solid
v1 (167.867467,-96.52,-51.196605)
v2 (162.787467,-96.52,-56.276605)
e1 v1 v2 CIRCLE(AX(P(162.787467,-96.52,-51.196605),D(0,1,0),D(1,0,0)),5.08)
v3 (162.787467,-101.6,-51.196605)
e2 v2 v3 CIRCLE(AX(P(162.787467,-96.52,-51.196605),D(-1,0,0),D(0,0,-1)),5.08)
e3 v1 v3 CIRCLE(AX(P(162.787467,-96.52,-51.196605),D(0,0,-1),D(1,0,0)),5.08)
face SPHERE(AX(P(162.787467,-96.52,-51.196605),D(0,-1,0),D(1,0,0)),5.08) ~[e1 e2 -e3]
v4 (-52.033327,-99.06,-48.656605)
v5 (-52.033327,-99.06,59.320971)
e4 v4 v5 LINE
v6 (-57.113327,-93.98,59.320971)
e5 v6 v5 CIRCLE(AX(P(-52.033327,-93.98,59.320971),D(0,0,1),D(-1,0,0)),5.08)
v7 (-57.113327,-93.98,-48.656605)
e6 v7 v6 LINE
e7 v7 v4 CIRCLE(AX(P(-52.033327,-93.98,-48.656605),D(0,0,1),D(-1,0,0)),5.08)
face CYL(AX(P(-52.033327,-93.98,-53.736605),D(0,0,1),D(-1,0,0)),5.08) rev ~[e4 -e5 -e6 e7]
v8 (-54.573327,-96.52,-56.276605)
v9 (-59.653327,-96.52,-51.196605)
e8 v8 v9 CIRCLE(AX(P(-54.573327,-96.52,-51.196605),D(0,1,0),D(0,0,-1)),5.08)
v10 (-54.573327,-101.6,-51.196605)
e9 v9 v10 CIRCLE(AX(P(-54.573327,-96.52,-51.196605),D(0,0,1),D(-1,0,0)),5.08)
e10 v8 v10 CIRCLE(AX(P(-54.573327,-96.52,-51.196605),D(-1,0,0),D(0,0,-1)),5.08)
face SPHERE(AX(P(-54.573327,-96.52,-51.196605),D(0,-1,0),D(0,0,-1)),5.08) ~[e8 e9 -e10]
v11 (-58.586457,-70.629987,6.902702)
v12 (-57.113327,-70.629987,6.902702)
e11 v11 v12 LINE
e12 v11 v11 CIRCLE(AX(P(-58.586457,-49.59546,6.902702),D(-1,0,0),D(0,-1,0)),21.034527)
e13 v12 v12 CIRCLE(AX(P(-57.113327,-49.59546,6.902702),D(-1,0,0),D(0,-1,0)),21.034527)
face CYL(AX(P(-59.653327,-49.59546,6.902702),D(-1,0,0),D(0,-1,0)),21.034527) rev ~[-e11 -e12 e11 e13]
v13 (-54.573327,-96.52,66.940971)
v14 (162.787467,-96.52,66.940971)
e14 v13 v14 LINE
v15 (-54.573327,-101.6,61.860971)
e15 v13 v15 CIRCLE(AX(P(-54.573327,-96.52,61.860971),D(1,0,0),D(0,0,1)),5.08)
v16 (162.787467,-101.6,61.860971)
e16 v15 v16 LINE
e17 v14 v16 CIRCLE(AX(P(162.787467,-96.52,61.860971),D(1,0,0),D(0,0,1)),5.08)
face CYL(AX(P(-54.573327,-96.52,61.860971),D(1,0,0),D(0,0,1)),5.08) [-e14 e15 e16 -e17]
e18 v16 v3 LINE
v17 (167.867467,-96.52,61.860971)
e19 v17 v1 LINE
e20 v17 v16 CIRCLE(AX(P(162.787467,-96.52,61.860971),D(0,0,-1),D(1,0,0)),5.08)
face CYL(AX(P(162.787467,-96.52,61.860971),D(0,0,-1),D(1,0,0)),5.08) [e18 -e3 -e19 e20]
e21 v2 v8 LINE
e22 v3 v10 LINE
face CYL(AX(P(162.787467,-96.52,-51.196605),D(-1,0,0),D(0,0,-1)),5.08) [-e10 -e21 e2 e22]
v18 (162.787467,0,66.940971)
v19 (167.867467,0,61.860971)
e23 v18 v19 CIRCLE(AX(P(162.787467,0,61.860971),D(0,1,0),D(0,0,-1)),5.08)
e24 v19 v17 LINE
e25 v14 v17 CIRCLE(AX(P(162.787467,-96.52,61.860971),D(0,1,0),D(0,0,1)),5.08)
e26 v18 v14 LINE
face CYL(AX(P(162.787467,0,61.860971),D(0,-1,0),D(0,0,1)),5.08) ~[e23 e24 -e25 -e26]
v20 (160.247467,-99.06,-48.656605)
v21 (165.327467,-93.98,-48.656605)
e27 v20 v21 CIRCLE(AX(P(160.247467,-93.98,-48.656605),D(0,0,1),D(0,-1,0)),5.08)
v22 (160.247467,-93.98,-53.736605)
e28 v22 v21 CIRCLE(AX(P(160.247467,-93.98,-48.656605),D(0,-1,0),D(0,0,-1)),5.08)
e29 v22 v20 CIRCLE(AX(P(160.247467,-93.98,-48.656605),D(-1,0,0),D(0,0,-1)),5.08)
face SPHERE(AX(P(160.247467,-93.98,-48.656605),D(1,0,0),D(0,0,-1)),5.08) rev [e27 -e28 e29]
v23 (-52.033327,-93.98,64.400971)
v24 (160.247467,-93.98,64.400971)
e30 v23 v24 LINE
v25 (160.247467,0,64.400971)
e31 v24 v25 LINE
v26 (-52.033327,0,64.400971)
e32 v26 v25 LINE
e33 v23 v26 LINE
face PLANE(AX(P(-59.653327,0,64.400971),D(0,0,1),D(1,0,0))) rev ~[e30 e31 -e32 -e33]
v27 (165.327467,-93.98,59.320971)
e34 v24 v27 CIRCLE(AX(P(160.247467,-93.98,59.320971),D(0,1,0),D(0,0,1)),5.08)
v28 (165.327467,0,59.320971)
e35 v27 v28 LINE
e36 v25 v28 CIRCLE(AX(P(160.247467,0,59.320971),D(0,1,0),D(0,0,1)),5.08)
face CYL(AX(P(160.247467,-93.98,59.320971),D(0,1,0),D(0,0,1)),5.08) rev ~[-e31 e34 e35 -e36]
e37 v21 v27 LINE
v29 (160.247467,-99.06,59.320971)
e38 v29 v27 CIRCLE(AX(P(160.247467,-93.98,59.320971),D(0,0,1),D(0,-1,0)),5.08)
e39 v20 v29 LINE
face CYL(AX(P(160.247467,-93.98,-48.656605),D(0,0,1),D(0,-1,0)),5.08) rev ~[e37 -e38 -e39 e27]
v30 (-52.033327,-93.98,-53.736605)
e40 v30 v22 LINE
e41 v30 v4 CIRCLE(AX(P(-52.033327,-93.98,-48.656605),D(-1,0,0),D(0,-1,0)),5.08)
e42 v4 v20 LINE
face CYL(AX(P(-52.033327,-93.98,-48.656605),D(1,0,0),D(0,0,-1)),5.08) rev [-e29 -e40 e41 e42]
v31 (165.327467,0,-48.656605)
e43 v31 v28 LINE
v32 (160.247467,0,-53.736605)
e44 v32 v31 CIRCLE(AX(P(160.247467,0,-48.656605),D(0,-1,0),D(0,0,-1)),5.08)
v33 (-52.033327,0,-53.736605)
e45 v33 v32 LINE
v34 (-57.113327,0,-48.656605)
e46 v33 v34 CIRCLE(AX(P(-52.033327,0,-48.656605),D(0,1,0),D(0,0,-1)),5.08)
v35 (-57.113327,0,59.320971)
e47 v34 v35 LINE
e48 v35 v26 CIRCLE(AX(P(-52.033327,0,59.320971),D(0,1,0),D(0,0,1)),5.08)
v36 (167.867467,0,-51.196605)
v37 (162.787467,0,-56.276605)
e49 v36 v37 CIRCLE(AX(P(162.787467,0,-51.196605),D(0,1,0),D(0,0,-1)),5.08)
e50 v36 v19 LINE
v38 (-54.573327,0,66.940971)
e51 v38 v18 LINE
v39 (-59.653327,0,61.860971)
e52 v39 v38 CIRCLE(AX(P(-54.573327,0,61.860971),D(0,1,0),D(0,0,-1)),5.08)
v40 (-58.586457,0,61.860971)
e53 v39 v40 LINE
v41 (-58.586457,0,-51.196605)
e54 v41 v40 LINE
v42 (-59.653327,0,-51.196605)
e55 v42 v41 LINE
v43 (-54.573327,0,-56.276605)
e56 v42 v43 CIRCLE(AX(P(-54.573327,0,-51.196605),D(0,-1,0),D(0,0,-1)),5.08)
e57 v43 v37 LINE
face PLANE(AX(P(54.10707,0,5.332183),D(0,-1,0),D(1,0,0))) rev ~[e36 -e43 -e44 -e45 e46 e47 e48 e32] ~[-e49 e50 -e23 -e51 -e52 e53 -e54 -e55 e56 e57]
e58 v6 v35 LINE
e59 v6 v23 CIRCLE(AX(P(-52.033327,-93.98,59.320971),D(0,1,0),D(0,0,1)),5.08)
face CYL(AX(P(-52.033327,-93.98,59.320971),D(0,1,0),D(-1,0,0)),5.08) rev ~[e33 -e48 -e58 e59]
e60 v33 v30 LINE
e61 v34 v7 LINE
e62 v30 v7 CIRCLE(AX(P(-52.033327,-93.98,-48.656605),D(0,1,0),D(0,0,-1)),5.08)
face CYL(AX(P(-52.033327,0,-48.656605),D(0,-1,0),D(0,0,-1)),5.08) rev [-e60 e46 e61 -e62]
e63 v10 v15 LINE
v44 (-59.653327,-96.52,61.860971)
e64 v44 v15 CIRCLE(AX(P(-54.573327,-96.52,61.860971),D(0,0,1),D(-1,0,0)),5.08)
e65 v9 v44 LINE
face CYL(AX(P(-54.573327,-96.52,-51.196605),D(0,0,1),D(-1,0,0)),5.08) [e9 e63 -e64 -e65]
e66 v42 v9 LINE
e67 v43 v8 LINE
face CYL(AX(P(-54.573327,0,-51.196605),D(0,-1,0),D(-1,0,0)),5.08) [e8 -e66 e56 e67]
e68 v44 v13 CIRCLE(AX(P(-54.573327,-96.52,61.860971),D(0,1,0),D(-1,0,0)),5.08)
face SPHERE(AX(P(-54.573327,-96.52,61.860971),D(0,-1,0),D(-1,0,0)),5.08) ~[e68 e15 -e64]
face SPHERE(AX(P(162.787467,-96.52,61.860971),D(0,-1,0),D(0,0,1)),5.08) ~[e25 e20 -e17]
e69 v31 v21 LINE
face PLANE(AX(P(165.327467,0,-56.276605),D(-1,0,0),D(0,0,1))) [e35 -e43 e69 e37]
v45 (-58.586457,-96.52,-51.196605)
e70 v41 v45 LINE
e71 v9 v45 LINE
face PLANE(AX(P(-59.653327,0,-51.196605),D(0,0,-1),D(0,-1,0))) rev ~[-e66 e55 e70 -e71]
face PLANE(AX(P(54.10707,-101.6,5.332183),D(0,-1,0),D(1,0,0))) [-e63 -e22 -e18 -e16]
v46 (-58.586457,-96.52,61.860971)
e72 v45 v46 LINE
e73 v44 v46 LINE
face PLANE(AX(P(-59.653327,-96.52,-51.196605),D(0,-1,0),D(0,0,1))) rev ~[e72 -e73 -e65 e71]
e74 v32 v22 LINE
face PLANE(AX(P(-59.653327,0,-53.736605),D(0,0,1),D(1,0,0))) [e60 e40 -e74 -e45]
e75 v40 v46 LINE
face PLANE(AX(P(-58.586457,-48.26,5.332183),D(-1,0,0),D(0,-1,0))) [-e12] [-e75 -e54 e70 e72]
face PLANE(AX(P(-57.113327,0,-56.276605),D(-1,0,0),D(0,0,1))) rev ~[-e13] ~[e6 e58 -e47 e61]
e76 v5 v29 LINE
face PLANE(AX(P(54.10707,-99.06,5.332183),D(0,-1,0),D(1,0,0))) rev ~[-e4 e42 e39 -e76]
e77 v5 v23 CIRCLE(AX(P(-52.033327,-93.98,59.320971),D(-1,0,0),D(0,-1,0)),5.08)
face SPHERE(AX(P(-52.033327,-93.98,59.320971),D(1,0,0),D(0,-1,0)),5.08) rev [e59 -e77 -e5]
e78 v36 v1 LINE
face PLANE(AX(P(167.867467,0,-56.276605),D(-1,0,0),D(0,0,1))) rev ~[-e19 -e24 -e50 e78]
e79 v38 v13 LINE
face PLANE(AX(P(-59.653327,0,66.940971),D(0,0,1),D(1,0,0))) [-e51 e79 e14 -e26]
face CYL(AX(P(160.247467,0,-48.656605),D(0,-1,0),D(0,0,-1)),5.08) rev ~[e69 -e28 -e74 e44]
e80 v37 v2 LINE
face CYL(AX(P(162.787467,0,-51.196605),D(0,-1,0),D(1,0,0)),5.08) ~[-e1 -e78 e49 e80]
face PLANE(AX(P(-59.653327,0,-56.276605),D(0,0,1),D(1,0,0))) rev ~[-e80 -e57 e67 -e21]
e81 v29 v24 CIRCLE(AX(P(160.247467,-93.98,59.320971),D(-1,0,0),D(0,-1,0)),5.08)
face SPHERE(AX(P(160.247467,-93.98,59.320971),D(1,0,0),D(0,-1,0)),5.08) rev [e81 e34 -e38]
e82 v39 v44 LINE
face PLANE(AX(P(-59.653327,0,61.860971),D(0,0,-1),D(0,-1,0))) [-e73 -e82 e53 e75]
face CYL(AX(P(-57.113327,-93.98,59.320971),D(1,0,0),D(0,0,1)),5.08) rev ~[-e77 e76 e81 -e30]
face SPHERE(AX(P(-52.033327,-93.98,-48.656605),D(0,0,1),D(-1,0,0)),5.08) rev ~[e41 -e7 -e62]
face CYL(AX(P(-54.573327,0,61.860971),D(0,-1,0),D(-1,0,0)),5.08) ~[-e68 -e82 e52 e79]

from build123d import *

# Parameters (mm, degrees)
F0_W      = 227.5207936764
F0_H      = 123.2175752521
F1_DEPTH  = 101.6
F2_T      = -2.54
F3_R      = 5.08
F4_R      = 5.08
F5_R      = 5.08
F6_R      = 5.08
F7_R      = 5.08
F8_R      = 5.08
F9_R      = 5.08
F10_R     = 5.08
F11_R     = 5.08
F12_W     = 96.52
F12_H     = 113.0575752521
F12_R     = 21.0345271837
F13_DEPTH = 1.06687
F14_DEPTH = 25.4


with BuildPart() as f1:
    # F0 (on Front) → F1 (new body)
    with BuildSketch(Plane.XZ):
        with Locations((54.1070699692, 5.3321830928)):
            Rectangle(F0_W, F0_H)
    extrude(amount=F1_DEPTH)

    # F2
    f2_openings = [f1.faces().sort_by_distance(p)[0] for p in [
        (54.10707, 0, 5.332183),
    ]]
    offset(amount=F2_T, openings=f2_openings)

    # F3
    f3_edges = [f1.edges().sort_by_distance(p)[0] for p in [
        (54.10707, -99.06, 64.400971),
    ]]
    fillet(f3_edges, radius=F3_R)

    # F4
    f4_edges = [f1.edges().sort_by_distance(p)[0] for p in [
        (-57.113327, -99.06, 2.792183),
    ]]
    fillet(f4_edges, radius=F4_R)

    # F5
    f5_edges = [f1.edges().sort_by_distance(p)[0] for p in [
        (56.64707, -99.06, -53.736605),
    ]]
    fillet(f5_edges, radius=F5_R)

    # F6
    f6_edges = [f1.edges().sort_by_distance(p)[0] for p in [
        (165.327467, -99.06, 5.332183),
    ]]
    fillet(f6_edges, radius=F6_R)

    # F7
    f7_edges = [f1.edges().sort_by_distance(p)[0] for p in [
        (-59.653327, -50.8, 66.940971),
    ]]
    fillet(f7_edges, radius=F7_R)

    # F8
    f8_edges = [f1.edges().sort_by_distance(p)[0] for p in [
        (-59.653327, -50.8, -56.276605),
    ]]
    fillet(f8_edges, radius=F8_R)

    # F9
    f9_edges = [f1.edges().sort_by_distance(p)[0] for p in [
        (167.867467, -50.8, 66.940971),
    ]]
    fillet(f9_edges, radius=F9_R)

    # F10
    f10_edges = [f1.edges().sort_by_distance(p)[0] for p in [
        (162.787467, -50.8, 66.940971),
        (167.867467, -50.8, -56.276605),
    ]]
    fillet(f10_edges, radius=F10_R)

    # F11
    f11_edges = [f1.edges().sort_by_distance(p)[0] for p in [
        (54.10707, -101.6, 66.940971),
    ]]
    fillet(f11_edges, radius=F11_R)

    # F12 (on face) → F13 (cut)
    with BuildSketch(Plane(origin=(-59.653326869, 0, 0), x_dir=(0, -1, 0), z_dir=(-1, 0, 0))):
        with Locations((48.26, 5.3321830928)):
            Rectangle(F12_W, F12_H)
        with Locations((49.5954602957, 6.9027016871)):
            Circle(F12_R, mode=Mode.SUBTRACT)
    extrude(amount=-F13_DEPTH, mode=Mode.SUBTRACT)

    # F14 (cut): a face of the model
    f14_faces = [f1.faces().sort_by_distance(p)[0] for p in [
        (-59.653326869, -49.5954602957, 6.9027016871),
    ]]
    extrude(f14_faces, amount=-F14_DEPTH, mode=Mode.SUBTRACT)


solid = f1.part
